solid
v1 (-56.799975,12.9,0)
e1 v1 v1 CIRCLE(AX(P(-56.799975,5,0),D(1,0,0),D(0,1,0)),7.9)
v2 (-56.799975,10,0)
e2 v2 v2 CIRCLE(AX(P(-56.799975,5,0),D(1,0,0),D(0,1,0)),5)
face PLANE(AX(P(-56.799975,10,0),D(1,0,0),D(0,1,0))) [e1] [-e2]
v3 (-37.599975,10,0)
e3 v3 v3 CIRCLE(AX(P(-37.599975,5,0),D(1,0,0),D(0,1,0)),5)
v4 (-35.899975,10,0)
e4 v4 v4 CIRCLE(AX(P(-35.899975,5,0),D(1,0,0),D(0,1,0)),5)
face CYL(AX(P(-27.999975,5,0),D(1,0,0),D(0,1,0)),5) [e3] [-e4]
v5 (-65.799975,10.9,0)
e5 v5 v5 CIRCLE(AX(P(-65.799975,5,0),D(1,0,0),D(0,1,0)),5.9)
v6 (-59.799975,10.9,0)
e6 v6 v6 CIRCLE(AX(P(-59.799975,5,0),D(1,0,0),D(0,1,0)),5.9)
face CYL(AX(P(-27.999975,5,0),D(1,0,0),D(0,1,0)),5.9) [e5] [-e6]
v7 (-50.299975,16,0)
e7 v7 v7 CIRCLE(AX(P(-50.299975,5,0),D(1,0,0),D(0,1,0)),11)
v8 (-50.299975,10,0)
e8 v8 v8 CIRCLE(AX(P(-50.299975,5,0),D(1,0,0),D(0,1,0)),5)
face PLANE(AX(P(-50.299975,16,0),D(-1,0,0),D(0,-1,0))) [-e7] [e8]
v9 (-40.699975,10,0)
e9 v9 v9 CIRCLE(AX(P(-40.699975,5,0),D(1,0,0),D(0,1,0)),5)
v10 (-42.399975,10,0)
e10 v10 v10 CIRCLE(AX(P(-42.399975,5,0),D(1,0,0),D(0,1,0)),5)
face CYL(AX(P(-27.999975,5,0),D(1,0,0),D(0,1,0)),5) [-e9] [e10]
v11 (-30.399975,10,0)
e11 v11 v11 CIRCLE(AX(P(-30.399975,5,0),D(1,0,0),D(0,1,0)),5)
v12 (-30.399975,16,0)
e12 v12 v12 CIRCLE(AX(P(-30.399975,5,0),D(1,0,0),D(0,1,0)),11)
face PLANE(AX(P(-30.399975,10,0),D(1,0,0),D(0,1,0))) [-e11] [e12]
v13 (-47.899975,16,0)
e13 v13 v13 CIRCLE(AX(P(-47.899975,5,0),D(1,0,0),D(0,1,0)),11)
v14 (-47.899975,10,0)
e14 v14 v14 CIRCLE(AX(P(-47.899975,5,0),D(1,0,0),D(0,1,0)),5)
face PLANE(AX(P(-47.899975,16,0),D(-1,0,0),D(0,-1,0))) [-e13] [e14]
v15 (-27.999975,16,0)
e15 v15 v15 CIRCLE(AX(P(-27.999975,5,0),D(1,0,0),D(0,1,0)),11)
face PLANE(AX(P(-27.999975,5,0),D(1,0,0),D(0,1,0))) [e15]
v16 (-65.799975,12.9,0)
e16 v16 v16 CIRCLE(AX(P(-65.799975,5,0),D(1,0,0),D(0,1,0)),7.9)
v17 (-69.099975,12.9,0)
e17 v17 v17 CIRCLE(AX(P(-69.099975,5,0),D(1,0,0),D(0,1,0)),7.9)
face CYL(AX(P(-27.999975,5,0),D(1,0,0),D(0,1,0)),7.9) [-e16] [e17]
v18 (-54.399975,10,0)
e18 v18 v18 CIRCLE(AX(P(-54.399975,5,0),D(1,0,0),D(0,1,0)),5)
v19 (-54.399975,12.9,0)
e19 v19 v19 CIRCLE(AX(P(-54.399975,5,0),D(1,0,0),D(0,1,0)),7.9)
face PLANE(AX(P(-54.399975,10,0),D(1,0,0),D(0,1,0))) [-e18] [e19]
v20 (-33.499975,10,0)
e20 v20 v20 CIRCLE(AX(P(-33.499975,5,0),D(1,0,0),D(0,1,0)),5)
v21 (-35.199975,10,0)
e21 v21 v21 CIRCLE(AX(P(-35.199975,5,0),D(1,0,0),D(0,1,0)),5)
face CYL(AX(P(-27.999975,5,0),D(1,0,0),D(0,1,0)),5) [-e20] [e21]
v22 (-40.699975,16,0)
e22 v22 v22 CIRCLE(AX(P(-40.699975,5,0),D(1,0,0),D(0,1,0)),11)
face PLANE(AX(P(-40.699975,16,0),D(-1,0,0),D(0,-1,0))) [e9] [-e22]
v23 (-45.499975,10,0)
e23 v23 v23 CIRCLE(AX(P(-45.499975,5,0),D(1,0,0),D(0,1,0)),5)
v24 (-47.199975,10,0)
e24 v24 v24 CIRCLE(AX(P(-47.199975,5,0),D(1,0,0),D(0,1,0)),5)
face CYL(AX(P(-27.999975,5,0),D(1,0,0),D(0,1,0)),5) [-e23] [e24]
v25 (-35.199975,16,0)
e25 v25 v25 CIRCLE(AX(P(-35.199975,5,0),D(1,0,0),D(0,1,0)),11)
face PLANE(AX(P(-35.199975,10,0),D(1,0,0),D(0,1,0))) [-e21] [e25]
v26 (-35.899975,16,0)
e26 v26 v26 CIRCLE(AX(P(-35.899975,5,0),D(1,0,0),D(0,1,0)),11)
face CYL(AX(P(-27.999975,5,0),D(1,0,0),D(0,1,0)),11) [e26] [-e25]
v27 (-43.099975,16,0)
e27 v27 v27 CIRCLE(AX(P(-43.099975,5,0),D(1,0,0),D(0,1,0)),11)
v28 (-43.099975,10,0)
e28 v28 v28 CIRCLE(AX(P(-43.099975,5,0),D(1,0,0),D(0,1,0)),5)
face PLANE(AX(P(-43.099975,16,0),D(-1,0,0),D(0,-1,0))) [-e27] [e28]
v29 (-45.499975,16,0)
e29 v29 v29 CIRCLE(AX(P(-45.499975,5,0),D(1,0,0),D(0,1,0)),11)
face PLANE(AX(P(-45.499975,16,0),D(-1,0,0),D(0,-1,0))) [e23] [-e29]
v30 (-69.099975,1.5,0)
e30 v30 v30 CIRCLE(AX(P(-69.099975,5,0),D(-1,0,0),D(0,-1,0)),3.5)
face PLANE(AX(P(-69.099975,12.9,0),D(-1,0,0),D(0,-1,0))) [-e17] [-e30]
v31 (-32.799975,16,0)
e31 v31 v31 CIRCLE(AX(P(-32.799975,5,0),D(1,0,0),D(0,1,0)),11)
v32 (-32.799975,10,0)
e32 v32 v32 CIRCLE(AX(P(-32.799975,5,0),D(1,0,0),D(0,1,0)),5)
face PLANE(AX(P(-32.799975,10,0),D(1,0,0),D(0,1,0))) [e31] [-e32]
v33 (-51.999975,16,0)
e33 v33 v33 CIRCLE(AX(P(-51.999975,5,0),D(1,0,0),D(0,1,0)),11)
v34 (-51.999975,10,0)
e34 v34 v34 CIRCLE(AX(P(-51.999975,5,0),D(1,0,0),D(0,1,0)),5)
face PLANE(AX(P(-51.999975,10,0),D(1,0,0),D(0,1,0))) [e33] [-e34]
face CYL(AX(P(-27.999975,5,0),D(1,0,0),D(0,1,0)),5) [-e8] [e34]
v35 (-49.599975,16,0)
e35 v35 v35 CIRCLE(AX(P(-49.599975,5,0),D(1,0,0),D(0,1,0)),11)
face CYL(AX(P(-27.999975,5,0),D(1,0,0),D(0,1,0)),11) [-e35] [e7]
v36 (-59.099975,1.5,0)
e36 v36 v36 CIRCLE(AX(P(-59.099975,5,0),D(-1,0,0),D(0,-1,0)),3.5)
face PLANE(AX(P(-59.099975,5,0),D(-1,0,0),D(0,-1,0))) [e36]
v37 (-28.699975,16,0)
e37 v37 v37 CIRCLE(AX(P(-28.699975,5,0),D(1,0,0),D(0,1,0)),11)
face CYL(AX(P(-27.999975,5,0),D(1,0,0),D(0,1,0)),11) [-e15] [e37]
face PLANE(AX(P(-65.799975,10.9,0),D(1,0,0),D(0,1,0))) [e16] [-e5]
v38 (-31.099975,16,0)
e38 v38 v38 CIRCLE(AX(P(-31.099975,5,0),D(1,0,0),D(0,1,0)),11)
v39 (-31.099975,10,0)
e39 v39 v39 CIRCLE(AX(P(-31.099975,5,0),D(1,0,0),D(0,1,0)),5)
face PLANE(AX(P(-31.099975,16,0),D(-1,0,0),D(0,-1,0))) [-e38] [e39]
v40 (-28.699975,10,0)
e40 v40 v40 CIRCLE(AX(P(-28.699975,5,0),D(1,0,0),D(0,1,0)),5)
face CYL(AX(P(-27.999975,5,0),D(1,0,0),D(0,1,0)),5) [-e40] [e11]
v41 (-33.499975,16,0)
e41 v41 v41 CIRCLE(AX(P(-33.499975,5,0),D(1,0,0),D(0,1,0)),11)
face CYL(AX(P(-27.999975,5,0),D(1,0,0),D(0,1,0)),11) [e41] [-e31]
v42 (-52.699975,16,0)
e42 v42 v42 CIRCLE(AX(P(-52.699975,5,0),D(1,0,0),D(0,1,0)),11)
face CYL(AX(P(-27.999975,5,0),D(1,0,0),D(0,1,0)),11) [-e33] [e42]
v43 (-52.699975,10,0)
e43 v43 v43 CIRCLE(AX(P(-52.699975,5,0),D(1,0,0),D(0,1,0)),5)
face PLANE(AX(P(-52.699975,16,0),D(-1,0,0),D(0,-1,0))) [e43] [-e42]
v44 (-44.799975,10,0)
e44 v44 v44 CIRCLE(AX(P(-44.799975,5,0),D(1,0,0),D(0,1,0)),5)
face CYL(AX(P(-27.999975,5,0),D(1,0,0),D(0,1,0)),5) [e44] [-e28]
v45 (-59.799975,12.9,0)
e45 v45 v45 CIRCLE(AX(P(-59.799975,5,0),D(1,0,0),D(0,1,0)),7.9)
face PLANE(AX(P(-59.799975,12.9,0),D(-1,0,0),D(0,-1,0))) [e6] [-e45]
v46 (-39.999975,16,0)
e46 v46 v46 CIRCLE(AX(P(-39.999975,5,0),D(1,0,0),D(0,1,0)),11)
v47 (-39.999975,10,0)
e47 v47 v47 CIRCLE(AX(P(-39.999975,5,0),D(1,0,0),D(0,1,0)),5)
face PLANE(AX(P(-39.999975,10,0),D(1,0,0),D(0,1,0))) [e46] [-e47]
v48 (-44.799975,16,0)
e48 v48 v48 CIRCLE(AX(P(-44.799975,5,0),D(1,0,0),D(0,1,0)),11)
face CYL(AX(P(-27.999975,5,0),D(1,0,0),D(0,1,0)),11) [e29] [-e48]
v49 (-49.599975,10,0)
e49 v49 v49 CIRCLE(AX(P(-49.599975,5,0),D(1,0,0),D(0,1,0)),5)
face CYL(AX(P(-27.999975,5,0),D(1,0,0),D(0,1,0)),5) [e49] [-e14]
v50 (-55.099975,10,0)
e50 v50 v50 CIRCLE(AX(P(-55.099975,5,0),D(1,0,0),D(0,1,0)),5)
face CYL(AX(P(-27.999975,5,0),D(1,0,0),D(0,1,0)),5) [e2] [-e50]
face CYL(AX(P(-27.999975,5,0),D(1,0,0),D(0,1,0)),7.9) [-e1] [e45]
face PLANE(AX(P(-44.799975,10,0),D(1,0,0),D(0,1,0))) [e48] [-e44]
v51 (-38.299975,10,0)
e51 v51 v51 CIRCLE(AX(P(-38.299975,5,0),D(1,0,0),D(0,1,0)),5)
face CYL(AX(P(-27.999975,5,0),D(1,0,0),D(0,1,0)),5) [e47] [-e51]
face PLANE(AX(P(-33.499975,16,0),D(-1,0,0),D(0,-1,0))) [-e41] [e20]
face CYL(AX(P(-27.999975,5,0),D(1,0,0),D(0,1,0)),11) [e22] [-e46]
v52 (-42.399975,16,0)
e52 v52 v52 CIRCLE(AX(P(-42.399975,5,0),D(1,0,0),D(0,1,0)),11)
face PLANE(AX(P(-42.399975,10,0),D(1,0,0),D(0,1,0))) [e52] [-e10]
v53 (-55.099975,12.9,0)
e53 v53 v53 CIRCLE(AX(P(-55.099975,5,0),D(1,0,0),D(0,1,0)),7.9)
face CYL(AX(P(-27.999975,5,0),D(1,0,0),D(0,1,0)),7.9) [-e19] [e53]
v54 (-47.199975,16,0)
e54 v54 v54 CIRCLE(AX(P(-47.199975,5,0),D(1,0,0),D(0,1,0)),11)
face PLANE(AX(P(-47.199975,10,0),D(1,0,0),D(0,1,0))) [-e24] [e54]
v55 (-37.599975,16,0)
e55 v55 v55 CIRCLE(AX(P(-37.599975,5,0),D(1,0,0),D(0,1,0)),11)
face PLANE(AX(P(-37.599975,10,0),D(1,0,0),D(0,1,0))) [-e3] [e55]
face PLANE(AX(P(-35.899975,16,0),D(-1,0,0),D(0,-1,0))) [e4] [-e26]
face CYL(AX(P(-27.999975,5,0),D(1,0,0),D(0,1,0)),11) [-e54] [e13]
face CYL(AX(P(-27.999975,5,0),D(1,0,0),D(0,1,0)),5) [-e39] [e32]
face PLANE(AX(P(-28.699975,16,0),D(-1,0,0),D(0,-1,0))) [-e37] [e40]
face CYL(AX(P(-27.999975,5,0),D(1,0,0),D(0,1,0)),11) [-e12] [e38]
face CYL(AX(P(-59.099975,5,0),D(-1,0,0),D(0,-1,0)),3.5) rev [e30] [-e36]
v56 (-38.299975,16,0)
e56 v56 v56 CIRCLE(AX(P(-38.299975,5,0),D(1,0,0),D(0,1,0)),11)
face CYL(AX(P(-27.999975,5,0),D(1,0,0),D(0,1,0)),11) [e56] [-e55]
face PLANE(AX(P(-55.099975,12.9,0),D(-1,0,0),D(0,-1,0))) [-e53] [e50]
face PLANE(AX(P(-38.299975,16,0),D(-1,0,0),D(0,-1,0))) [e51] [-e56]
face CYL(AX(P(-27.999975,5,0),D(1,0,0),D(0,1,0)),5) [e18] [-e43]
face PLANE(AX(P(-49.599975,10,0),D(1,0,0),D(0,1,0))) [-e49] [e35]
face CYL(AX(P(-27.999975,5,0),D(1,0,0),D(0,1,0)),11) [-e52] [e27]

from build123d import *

# Parameters (mm, degrees)
SKETCH1_R          = 3.5
CUT_EXTRUDE1_DEPTH = 10


with BuildPart() as part:
    # Esboço1 → Revolução1 (revolve)
    with BuildSketch(Plane.XY):
        Polygon((-27.999975, 5), (-27.999975, 16), (-28.699975, 16), (-28.699975, 10), (-30.399975, 10), (-30.399975, 16), (-31.099975, 16), (-31.099975, 10), (-32.799975, 10), (-32.799975, 16), (-33.499975, 16), (-33.499975, 10), (-35.199975, 10), (-35.199975, 16), (-35.899975, 16), (-35.899975, 10), (-37.599975, 10), (-37.599975, 16), (-38.299975, 16), (-38.299975, 10), (-39.999975, 10), (-39.999975, 16), (-40.699975, 16), (-40.699975, 10), (-42.399975, 10), (-42.399975, 16), (-43.099975, 16), (-43.099975, 10), (-44.799975, 10), (-44.799975, 16), (-45.499975, 16), (-45.499975, 10), (-47.199975, 10), (-47.199975, 16), (-47.899975, 16), (-47.899975, 10), (-49.599975, 10), (-49.599975, 16), (-50.299975, 16), (-50.299975, 10), (-51.999975, 10), (-51.999975, 16), (-52.699975, 16), (-52.699975, 10), (-54.399975, 10), (-54.399975, 12.9), (-55.099975, 12.9), (-55.099975, 10), (-56.799975, 10), (-56.799975, 12.9), (-59.799975, 12.9), (-59.799975, 10.9), (-65.799975, 10.9), (-65.799975, 12.9), (-69.099975, 12.9), (-69.099975, 5), align=None)
    revolve(axis=Axis((-27.999975, 5, 0), (-1, 0, 0)))

    # Sketch1 → Cut-Extrude1 (cut)
    with BuildSketch(Plane.ZY.offset(69.099975)):
        with Locations((0, 5)):
            Circle(SKETCH1_R)
    extrude(amount=-CUT_EXTRUDE1_DEPTH, mode=Mode.SUBTRACT)


solid = part.part
